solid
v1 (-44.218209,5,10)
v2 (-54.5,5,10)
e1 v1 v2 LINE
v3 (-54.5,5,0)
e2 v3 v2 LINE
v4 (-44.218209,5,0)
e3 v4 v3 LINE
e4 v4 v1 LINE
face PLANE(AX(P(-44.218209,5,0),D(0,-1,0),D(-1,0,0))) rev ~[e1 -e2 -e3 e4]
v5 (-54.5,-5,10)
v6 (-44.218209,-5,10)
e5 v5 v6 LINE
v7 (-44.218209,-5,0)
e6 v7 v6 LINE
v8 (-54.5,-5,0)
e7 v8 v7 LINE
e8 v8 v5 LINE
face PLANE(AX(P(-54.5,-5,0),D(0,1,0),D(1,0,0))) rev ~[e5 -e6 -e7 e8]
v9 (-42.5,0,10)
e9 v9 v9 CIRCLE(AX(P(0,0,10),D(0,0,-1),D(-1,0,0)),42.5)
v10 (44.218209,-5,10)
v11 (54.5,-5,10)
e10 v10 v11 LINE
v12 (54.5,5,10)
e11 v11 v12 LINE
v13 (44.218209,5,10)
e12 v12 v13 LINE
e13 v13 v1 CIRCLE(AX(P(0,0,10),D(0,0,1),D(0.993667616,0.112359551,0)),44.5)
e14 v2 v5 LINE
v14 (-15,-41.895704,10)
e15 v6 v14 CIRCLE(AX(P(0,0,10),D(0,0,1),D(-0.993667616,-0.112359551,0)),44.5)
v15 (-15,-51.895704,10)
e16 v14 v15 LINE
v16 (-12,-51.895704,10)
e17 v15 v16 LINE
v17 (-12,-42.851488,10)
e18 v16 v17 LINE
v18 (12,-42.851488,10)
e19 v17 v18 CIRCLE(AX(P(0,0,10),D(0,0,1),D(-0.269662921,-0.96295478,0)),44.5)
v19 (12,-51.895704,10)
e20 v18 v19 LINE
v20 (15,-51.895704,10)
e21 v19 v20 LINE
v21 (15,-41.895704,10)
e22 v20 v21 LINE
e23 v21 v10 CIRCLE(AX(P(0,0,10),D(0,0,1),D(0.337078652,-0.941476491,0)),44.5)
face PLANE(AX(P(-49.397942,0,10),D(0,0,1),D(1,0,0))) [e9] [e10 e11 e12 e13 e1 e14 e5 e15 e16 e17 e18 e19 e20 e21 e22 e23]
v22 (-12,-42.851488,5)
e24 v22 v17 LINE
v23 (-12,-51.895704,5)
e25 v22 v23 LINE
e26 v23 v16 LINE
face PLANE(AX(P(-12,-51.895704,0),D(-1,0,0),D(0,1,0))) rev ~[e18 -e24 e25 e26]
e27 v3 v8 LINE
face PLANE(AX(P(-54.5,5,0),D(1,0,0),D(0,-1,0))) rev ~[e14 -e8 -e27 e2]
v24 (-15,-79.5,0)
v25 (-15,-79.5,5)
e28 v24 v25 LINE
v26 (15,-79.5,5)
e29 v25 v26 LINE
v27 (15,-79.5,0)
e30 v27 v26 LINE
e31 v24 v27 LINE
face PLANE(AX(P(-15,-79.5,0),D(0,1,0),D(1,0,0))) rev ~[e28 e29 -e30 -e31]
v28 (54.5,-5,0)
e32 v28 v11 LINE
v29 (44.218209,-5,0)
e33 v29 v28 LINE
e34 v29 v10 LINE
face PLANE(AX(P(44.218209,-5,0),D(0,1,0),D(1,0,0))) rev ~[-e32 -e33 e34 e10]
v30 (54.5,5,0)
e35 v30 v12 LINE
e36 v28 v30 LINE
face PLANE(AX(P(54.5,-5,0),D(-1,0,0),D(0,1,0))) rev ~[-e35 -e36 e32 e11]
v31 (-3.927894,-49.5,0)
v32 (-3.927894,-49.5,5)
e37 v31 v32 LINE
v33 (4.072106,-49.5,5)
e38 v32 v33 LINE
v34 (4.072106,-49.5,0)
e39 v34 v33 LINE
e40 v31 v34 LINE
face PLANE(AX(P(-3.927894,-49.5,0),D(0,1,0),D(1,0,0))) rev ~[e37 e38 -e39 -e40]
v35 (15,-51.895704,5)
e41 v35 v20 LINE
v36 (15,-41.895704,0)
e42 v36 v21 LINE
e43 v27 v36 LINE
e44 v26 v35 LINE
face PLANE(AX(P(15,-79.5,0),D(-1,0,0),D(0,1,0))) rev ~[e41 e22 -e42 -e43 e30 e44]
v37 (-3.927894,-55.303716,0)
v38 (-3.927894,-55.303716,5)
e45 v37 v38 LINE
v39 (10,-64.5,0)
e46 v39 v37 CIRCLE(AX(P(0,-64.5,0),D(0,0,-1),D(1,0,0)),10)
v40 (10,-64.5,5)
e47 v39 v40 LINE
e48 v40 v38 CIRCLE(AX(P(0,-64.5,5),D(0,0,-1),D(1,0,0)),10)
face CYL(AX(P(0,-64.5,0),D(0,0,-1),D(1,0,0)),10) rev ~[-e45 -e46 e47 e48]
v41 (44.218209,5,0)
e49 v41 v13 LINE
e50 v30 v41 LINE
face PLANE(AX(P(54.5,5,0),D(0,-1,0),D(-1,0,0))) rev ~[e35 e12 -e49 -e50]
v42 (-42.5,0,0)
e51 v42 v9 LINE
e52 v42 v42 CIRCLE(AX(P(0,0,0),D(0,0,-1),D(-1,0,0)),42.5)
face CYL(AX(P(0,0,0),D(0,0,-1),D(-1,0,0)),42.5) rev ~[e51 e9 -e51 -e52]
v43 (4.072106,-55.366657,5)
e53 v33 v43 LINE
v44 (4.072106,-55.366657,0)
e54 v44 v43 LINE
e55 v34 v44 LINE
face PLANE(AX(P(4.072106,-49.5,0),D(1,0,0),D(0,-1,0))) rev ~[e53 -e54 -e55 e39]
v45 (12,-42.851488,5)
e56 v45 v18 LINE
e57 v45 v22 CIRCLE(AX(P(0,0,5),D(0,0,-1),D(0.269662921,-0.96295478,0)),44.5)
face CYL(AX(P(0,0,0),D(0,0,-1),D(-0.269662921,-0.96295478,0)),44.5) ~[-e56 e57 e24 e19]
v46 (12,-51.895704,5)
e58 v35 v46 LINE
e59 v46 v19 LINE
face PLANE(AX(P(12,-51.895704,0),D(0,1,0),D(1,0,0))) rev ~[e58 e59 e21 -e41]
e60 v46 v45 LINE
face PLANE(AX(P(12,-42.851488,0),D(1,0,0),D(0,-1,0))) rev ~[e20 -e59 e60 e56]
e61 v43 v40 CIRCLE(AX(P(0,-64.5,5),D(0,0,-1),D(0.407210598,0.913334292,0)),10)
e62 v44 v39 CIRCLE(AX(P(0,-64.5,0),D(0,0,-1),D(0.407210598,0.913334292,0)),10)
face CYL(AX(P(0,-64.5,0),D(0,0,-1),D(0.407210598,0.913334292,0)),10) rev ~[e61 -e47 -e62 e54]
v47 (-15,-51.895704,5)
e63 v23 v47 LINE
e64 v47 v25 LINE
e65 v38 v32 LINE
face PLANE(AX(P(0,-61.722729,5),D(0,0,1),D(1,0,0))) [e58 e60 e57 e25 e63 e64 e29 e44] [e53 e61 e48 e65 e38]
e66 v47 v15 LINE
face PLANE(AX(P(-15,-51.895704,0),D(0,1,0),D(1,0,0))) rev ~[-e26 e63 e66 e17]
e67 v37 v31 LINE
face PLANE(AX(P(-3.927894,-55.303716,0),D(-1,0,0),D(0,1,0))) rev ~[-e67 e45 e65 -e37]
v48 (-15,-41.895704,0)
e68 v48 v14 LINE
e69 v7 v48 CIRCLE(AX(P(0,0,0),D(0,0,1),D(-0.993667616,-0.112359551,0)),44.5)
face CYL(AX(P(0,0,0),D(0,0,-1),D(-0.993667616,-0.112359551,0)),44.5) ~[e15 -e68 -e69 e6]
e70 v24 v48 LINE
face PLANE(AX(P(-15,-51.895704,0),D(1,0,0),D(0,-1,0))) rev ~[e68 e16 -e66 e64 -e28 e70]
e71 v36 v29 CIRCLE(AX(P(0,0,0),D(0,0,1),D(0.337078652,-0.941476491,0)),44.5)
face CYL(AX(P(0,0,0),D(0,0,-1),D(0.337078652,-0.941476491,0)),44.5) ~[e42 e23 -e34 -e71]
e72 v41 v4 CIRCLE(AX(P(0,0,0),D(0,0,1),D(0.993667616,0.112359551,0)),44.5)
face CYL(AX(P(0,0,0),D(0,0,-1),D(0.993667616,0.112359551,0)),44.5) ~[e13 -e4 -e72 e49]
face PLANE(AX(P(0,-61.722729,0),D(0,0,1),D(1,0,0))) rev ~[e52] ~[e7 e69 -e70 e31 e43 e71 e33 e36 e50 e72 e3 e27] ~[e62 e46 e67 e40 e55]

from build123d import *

# Parameters (mm, degrees)
F1_DEPTH = 10
F2_DEPTH = 5


with BuildPart() as f1:
    # F0 (on Top) → F1 (new body)
    with BuildSketch(Plane.XY):
        with BuildLine():
            ThreePointArc((-44.218208919, -5), (-44.5, 0), (-44.218208919, 5))
            Line((-44.218208919, 5), (-54.5, 5))
            Line((-54.5, 5), (-54.5, -5))
            Line((-54.5, -5), (-44.218208919, -5))
        make_face()
        with BuildLine():
            Line((54.5, 5), (44.218208919, 5))
            ThreePointArc((44.218208919, 5), (44.4294963785, 2.503967163), (44.5, 0))
            ThreePointArc((44.5, 0), (44.4294963785, -2.503967163), (44.218208919, -5))
            Line((44.218208919, -5), (54.5, -5))
            Line((54.5, -5), (54.5, 5))
        make_face()
        with BuildLine():
            Line((42.5, -5), (42.5, 0))
            ThreePointArc((42.5, 0), (0, -42.5), (-42.5, 0))
            Line((-42.5, 0), (-42.5, -5))
            Line((-42.5, -5), (-44.218208919, -5))
            ThreePointArc((-44.218208919, -5), (-34.885846805, -27.626575841), (-15, -41.895703837))
            Line((-15, -41.895703837), (-12, -41.895703837))
            Line((-12, -41.895703837), (-12, -42.8514877221))
            ThreePointArc((-12, -42.8514877221), (0, -44.5), (12, -42.8514877221))
            Line((12, -42.8514877221), (12, -41.895703837))
            Line((12, -41.895703837), (15, -41.895703837))
            ThreePointArc((15, -41.895703837), (34.885846805, -27.626575841), (44.218208919, -5))
            Line((44.218208919, -5), (42.5, -5))
        make_face()
        with BuildLine():
            Line((42.5, 5), (42.5, 0))
            Line((42.5, 0), (42.5, -5))
            Line((42.5, -5), (44.218208919, -5))
            ThreePointArc((44.218208919, -5), (44.4294963785, -2.503967163), (44.5, 0))
            ThreePointArc((44.5, 0), (44.4294963785, 2.503967163), (44.218208919, 5))
            Line((44.218208919, 5), (42.5, 5))
        make_face()
        with BuildLine():
            ThreePointArc((-42.5, 0), (0, 42.5), (42.5, 0))
            Line((42.5, 0), (42.5, 5))
            Line((42.5, 5), (44.218208919, 5))
            ThreePointArc((44.218208919, 5), (0, 44.5), (-44.218208919, 5))
            Line((-44.218208919, 5), (-42.5, 5))
            Line((-42.5, 5), (-42.5, 0))
        make_face()
        with BuildLine():
            Line((-42.5, -5), (-42.5, 0))
            Line((-42.5, 0), (-42.5, 5))
            Line((-42.5, 5), (-44.218208919, 5))
            ThreePointArc((-44.218208919, 5), (-44.5, 0), (-44.218208919, -5))
            Line((-44.218208919, -5), (-42.5, -5))
        make_face()
        with BuildLine():
            Line((15, -51.895703837), (15, -41.895703837))
            ThreePointArc((15, -41.895703837), (13.5084558965, -42.4001370197), (12, -42.8514877221))
            Line((12, -42.8514877221), (12, -51.895703837))
            Line((12, -51.895703837), (15, -51.895703837))
        make_face()
        with BuildLine():
            ThreePointArc((-12, -42.8514877221), (-13.5084558965, -42.4001370197), (-15, -41.895703837))
            Line((-15, -41.895703837), (-15, -51.895703837))
            Line((-15, -51.895703837), (-12, -51.895703837))
            Line((-12, -51.895703837), (-12, -42.8514877221))
        make_face()
        with BuildLine():
            Line((-12, -41.895703837), (-15, -41.895703837))
            ThreePointArc((-15, -41.895703837), (-13.5084558965, -42.4001370197), (-12, -42.8514877221))
            Line((-12, -42.8514877221), (-12, -41.895703837))
        make_face()
        with BuildLine():
            ThreePointArc((12, -42.8514877221), (13.5084558965, -42.4001370197), (15, -41.895703837))
            Line((15, -41.895703837), (12, -41.895703837))
            Line((12, -41.895703837), (12, -42.8514877221))
        make_face()
    extrude(amount=F1_DEPTH)

    # F0 (on Top) → F2 (join)
    with BuildSketch(Plane.XY):
        with BuildLine():
            Line((12, -51.895703837), (12, -42.8514877221))
            ThreePointArc((12, -42.8514877221), (0, -44.5), (-12, -42.8514877221))
            Line((-12, -42.8514877221), (-12, -51.895703837))
            Line((-12, -51.895703837), (-15, -51.895703837))
            Line((-15, -51.895703837), (-15, -79.5))
            Line((-15, -79.5), (15, -79.5))
            Line((15, -79.5), (15, -51.895703837))
            Line((15, -51.895703837), (12, -51.895703837))
        make_face()
        with BuildLine():
            ThreePointArc((4.0721059777, -55.3666570793), (8.3881183759, -59.0557856295), (10, -64.5))
            ThreePointArc((10, -64.5), (-5.5100390097, -72.8450266693), (-3.9278940223, -55.303715503))
            Line((-3.9278940223, -55.303715503), (-3.9278940223, -49.5))
            Line((-3.9278940223, -49.5), (4.0721059777, -49.5))
            Line((4.0721059777, -49.5), (4.0721059777, -55.3666570793))
        make_face(mode=Mode.SUBTRACT)
    extrude(amount=F2_DEPTH)


solid = f1.part
